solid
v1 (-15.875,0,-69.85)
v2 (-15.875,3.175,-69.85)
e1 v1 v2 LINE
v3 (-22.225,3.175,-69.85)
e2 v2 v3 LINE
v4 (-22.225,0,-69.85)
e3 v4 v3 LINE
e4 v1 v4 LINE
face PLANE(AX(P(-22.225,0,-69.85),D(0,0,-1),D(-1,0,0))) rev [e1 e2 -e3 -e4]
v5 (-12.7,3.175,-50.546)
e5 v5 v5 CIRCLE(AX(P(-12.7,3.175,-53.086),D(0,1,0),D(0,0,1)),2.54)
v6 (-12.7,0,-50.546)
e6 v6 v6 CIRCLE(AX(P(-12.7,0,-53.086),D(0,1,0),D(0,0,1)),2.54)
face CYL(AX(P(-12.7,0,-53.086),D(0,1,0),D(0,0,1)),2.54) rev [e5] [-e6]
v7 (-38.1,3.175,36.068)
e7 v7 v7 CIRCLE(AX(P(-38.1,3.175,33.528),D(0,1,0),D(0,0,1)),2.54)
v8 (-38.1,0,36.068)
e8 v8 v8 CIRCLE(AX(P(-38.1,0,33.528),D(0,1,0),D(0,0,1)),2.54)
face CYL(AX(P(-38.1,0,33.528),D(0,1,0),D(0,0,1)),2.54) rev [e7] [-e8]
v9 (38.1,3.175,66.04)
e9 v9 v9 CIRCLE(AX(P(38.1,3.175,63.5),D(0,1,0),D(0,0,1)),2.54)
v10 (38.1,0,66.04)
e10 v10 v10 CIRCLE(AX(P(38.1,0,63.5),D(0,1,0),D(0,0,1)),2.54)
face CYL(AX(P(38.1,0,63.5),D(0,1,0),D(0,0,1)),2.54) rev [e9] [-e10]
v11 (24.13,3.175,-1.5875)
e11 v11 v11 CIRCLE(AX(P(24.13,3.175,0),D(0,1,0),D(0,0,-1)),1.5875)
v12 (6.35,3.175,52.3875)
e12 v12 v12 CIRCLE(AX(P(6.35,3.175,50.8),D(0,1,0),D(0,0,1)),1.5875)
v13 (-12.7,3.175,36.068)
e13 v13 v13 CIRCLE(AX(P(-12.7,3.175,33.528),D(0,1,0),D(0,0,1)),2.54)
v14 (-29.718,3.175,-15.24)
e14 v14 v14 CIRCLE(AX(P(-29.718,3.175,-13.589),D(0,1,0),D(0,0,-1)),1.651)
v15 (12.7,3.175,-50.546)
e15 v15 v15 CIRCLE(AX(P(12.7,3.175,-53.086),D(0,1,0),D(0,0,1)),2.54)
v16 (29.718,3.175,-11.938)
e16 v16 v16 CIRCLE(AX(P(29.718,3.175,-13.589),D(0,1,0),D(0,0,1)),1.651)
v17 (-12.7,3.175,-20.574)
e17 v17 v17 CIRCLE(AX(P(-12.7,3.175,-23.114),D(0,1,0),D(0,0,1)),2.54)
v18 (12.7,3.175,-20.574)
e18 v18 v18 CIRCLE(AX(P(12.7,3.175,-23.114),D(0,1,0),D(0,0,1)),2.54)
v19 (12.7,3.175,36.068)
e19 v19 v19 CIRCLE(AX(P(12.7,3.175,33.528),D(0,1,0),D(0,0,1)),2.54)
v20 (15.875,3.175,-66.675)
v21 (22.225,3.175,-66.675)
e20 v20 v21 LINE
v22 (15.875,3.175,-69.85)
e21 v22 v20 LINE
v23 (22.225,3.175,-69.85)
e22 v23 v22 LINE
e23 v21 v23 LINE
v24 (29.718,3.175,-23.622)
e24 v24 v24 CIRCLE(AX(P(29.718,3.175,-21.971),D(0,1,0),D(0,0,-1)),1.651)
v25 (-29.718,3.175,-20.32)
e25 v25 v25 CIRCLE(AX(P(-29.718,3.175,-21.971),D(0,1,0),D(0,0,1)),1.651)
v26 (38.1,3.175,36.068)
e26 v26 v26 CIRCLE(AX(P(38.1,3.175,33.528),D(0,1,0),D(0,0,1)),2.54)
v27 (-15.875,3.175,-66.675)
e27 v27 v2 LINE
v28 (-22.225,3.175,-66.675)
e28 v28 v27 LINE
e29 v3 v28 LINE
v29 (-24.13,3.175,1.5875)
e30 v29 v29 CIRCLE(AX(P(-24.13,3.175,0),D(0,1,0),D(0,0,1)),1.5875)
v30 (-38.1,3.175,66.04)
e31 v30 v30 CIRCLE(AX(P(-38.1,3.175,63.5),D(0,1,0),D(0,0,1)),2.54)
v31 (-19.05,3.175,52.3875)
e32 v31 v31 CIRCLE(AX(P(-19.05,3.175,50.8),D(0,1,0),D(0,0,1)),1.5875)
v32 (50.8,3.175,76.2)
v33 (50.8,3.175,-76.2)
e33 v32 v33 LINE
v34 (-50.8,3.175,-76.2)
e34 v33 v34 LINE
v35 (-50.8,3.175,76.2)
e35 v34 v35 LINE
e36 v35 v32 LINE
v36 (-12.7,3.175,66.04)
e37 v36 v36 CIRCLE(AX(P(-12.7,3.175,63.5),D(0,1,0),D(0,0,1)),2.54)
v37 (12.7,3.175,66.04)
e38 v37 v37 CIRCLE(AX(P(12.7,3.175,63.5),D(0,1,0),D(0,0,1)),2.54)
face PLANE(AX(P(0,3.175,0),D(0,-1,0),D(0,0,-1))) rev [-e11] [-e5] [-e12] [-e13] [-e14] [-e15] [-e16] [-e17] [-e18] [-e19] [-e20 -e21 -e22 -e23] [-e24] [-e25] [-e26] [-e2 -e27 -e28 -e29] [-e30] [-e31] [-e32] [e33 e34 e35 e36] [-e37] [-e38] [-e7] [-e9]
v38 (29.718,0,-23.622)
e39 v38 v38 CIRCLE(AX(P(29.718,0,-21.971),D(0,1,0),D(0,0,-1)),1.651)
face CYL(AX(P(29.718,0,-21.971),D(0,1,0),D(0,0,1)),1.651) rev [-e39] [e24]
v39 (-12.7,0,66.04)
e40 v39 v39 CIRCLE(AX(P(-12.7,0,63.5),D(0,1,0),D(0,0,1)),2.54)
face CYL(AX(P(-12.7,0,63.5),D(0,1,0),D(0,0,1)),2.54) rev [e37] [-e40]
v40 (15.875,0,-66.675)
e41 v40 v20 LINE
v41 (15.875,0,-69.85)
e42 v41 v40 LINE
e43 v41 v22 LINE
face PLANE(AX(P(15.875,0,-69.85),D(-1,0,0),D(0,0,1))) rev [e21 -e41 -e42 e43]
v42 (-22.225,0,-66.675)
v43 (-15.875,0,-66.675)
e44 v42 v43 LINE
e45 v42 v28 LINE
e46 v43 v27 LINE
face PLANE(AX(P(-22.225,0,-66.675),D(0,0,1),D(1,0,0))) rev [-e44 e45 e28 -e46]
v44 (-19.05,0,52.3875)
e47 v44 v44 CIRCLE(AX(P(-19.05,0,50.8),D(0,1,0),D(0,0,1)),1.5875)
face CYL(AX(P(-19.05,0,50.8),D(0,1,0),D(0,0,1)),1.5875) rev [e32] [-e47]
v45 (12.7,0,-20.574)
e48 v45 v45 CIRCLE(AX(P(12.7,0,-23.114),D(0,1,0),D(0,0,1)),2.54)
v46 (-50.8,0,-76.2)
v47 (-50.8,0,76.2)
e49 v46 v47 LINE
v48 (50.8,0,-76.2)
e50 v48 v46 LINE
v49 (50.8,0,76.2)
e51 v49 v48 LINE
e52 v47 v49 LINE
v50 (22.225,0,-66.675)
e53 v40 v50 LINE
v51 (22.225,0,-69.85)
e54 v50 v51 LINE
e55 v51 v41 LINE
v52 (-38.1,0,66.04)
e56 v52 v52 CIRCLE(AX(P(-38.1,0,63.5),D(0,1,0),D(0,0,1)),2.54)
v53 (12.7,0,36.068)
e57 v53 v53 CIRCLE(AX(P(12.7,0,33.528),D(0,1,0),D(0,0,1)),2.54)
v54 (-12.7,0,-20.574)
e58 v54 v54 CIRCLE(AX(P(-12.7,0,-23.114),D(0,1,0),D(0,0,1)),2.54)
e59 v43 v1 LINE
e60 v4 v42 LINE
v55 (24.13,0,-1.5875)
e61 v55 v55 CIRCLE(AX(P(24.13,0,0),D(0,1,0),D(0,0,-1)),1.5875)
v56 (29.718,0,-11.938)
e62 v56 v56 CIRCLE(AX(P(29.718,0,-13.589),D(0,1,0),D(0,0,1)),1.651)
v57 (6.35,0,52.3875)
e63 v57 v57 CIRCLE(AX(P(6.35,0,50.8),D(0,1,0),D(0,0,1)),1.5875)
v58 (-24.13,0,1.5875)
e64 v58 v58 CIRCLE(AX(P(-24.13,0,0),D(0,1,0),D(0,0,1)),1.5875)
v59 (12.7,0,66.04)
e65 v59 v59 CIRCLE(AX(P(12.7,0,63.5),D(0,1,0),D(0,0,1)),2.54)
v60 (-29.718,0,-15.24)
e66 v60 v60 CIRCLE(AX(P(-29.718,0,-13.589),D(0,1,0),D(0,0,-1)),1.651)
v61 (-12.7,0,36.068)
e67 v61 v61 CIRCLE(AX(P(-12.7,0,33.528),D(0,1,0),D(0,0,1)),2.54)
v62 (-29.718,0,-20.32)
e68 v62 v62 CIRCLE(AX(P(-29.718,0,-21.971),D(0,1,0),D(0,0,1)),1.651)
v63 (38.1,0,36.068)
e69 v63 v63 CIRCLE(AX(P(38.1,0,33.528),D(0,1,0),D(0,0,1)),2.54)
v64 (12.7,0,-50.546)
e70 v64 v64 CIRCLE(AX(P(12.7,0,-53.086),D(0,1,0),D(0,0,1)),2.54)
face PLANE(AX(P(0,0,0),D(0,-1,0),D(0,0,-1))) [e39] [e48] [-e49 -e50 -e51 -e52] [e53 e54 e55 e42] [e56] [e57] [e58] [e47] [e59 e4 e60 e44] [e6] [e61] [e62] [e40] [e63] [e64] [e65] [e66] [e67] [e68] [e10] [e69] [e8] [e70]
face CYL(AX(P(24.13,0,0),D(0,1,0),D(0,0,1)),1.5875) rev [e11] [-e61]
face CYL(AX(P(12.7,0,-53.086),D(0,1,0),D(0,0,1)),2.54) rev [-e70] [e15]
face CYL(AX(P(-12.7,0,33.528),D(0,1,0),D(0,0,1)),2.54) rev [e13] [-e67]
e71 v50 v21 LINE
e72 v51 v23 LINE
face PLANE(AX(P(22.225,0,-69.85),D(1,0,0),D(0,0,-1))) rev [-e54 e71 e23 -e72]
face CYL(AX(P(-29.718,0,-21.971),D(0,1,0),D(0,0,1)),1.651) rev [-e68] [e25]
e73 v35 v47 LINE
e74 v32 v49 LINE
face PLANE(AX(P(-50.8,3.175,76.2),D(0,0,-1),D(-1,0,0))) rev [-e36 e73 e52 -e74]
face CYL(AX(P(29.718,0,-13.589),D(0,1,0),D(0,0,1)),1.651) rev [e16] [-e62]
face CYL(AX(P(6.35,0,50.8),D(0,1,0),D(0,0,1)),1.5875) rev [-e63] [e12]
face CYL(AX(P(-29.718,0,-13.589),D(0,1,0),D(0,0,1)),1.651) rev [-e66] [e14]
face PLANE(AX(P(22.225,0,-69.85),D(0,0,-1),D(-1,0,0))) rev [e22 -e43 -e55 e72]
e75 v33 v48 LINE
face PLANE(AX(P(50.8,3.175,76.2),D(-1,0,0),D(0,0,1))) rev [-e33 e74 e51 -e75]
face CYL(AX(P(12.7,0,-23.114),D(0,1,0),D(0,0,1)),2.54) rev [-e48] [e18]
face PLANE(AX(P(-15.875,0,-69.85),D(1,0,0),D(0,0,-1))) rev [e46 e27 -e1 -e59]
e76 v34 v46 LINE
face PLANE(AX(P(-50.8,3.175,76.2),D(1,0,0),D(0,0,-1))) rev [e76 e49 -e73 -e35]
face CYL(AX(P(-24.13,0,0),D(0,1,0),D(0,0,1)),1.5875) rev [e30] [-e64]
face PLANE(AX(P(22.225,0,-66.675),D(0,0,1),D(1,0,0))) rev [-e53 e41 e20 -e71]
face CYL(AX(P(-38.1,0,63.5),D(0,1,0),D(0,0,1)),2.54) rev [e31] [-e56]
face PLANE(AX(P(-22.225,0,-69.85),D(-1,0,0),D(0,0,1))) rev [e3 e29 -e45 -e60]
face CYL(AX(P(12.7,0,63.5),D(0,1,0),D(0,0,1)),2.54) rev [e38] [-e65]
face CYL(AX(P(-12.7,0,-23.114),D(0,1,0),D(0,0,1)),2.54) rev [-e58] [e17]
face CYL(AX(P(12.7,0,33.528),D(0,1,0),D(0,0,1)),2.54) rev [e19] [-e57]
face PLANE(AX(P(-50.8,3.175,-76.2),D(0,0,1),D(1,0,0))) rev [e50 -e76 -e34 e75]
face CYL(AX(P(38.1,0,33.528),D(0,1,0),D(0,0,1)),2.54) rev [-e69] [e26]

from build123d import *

# Parameters (mm, degrees)
SKETCH2_W           = 101.6
SKETCH2_H           = 152.4
BOSS_EXTRUDE1_DEPTH = 3.175
SKETCH3_R           = 2.54
CUT_EXTRUDE1_DEPTH  = 4.175
SKETCH4_R           = 1.651
CUT_EXTRUDE2_DEPTH  = 4.175
SKETCH5_R           = 1.5875
CUT_EXTRUDE3_DEPTH  = 4.175
SKETCH6_W           = 6.35
SKETCH6_H           = 3.175
CUT_EXTRUDE4_DEPTH  = 4.175


with BuildPart() as part:
    # Sketch2 → Boss-Extrude1 (new body)
    with BuildSketch(Plane(origin=(0, 0, 0), x_dir=(1, 0, 0), z_dir=(0, 1, 0))):
        Rectangle(SKETCH2_W, SKETCH2_H)
    extrude(amount=BOSS_EXTRUDE1_DEPTH)

    # Sketch3 → Cut-Extrude1 (cut, through all)
    with BuildSketch(Plane(origin=(0, 3.175, 0), x_dir=(1, 0, 0), z_dir=(0, 1, 0))):
        with Locations((-38.1, -63.5)):
            Circle(SKETCH3_R)
        with Locations((-12.7, -63.5)):
            Circle(SKETCH3_R)
        with Locations((12.7, -63.5)):
            Circle(SKETCH3_R)
        with Locations((38.1, -63.5)):
            Circle(SKETCH3_R)
        with Locations((-38.1, -33.528)):
            Circle(SKETCH3_R)
        with Locations((-12.7, -33.528)):
            Circle(SKETCH3_R)
        with Locations((12.7, -33.528)):
            Circle(SKETCH3_R)
        with Locations((38.1, -33.528)):
            Circle(SKETCH3_R)
        with Locations((-12.7, 53.086)):
            Circle(SKETCH3_R)
        with Locations((-12.7, 23.114)):
            Circle(SKETCH3_R)
        with Locations((12.7, 23.114)):
            Circle(SKETCH3_R)
        with Locations((12.7, 53.086)):
            Circle(SKETCH3_R)
    extrude(amount=-CUT_EXTRUDE1_DEPTH, mode=Mode.SUBTRACT)

    # Sketch4 → Cut-Extrude2 (cut, through all)
    with BuildSketch(Plane(origin=(0, 3.175, 0), x_dir=(1, 0, 0), z_dir=(0, 1, 0))):
        with Locations((29.718, 13.589)):
            Circle(SKETCH4_R)
        with Locations((29.718, 21.971)):
            Circle(SKETCH4_R)
        with Locations((-29.718, 21.971)):
            Circle(SKETCH4_R)
        with Locations((-29.718, 13.589)):
            Circle(SKETCH4_R)
    extrude(amount=-CUT_EXTRUDE2_DEPTH, mode=Mode.SUBTRACT)

    # Sketch5 → Cut-Extrude3 (cut, through all)
    with BuildSketch(Plane(origin=(0, 3.175, 0), x_dir=(1, 0, 0), z_dir=(0, 1, 0))):
        with Locations((-24.13, 0)):
            Circle(SKETCH5_R)
        with Locations((24.13, 0)):
            Circle(SKETCH5_R)
        with Locations((-19.05, -50.8)):
            Circle(SKETCH5_R)
        with Locations((6.35, -50.8)):
            Circle(SKETCH5_R)
    extrude(amount=-CUT_EXTRUDE3_DEPTH, mode=Mode.SUBTRACT)

    # Sketch6 → Cut-Extrude4 (cut, through all)
    with BuildSketch(Plane(origin=(0, 3.175, 0), x_dir=(1, 0, 0), z_dir=(0, 1, 0))):
        with Locations((19.05, 68.2625)):
            Rectangle(SKETCH6_W, SKETCH6_H)
        with Locations((-19.05, 68.2625)):
            Rectangle(SKETCH6_W, SKETCH6_H)
    extrude(amount=-CUT_EXTRUDE4_DEPTH, mode=Mode.SUBTRACT)


solid = part.part
